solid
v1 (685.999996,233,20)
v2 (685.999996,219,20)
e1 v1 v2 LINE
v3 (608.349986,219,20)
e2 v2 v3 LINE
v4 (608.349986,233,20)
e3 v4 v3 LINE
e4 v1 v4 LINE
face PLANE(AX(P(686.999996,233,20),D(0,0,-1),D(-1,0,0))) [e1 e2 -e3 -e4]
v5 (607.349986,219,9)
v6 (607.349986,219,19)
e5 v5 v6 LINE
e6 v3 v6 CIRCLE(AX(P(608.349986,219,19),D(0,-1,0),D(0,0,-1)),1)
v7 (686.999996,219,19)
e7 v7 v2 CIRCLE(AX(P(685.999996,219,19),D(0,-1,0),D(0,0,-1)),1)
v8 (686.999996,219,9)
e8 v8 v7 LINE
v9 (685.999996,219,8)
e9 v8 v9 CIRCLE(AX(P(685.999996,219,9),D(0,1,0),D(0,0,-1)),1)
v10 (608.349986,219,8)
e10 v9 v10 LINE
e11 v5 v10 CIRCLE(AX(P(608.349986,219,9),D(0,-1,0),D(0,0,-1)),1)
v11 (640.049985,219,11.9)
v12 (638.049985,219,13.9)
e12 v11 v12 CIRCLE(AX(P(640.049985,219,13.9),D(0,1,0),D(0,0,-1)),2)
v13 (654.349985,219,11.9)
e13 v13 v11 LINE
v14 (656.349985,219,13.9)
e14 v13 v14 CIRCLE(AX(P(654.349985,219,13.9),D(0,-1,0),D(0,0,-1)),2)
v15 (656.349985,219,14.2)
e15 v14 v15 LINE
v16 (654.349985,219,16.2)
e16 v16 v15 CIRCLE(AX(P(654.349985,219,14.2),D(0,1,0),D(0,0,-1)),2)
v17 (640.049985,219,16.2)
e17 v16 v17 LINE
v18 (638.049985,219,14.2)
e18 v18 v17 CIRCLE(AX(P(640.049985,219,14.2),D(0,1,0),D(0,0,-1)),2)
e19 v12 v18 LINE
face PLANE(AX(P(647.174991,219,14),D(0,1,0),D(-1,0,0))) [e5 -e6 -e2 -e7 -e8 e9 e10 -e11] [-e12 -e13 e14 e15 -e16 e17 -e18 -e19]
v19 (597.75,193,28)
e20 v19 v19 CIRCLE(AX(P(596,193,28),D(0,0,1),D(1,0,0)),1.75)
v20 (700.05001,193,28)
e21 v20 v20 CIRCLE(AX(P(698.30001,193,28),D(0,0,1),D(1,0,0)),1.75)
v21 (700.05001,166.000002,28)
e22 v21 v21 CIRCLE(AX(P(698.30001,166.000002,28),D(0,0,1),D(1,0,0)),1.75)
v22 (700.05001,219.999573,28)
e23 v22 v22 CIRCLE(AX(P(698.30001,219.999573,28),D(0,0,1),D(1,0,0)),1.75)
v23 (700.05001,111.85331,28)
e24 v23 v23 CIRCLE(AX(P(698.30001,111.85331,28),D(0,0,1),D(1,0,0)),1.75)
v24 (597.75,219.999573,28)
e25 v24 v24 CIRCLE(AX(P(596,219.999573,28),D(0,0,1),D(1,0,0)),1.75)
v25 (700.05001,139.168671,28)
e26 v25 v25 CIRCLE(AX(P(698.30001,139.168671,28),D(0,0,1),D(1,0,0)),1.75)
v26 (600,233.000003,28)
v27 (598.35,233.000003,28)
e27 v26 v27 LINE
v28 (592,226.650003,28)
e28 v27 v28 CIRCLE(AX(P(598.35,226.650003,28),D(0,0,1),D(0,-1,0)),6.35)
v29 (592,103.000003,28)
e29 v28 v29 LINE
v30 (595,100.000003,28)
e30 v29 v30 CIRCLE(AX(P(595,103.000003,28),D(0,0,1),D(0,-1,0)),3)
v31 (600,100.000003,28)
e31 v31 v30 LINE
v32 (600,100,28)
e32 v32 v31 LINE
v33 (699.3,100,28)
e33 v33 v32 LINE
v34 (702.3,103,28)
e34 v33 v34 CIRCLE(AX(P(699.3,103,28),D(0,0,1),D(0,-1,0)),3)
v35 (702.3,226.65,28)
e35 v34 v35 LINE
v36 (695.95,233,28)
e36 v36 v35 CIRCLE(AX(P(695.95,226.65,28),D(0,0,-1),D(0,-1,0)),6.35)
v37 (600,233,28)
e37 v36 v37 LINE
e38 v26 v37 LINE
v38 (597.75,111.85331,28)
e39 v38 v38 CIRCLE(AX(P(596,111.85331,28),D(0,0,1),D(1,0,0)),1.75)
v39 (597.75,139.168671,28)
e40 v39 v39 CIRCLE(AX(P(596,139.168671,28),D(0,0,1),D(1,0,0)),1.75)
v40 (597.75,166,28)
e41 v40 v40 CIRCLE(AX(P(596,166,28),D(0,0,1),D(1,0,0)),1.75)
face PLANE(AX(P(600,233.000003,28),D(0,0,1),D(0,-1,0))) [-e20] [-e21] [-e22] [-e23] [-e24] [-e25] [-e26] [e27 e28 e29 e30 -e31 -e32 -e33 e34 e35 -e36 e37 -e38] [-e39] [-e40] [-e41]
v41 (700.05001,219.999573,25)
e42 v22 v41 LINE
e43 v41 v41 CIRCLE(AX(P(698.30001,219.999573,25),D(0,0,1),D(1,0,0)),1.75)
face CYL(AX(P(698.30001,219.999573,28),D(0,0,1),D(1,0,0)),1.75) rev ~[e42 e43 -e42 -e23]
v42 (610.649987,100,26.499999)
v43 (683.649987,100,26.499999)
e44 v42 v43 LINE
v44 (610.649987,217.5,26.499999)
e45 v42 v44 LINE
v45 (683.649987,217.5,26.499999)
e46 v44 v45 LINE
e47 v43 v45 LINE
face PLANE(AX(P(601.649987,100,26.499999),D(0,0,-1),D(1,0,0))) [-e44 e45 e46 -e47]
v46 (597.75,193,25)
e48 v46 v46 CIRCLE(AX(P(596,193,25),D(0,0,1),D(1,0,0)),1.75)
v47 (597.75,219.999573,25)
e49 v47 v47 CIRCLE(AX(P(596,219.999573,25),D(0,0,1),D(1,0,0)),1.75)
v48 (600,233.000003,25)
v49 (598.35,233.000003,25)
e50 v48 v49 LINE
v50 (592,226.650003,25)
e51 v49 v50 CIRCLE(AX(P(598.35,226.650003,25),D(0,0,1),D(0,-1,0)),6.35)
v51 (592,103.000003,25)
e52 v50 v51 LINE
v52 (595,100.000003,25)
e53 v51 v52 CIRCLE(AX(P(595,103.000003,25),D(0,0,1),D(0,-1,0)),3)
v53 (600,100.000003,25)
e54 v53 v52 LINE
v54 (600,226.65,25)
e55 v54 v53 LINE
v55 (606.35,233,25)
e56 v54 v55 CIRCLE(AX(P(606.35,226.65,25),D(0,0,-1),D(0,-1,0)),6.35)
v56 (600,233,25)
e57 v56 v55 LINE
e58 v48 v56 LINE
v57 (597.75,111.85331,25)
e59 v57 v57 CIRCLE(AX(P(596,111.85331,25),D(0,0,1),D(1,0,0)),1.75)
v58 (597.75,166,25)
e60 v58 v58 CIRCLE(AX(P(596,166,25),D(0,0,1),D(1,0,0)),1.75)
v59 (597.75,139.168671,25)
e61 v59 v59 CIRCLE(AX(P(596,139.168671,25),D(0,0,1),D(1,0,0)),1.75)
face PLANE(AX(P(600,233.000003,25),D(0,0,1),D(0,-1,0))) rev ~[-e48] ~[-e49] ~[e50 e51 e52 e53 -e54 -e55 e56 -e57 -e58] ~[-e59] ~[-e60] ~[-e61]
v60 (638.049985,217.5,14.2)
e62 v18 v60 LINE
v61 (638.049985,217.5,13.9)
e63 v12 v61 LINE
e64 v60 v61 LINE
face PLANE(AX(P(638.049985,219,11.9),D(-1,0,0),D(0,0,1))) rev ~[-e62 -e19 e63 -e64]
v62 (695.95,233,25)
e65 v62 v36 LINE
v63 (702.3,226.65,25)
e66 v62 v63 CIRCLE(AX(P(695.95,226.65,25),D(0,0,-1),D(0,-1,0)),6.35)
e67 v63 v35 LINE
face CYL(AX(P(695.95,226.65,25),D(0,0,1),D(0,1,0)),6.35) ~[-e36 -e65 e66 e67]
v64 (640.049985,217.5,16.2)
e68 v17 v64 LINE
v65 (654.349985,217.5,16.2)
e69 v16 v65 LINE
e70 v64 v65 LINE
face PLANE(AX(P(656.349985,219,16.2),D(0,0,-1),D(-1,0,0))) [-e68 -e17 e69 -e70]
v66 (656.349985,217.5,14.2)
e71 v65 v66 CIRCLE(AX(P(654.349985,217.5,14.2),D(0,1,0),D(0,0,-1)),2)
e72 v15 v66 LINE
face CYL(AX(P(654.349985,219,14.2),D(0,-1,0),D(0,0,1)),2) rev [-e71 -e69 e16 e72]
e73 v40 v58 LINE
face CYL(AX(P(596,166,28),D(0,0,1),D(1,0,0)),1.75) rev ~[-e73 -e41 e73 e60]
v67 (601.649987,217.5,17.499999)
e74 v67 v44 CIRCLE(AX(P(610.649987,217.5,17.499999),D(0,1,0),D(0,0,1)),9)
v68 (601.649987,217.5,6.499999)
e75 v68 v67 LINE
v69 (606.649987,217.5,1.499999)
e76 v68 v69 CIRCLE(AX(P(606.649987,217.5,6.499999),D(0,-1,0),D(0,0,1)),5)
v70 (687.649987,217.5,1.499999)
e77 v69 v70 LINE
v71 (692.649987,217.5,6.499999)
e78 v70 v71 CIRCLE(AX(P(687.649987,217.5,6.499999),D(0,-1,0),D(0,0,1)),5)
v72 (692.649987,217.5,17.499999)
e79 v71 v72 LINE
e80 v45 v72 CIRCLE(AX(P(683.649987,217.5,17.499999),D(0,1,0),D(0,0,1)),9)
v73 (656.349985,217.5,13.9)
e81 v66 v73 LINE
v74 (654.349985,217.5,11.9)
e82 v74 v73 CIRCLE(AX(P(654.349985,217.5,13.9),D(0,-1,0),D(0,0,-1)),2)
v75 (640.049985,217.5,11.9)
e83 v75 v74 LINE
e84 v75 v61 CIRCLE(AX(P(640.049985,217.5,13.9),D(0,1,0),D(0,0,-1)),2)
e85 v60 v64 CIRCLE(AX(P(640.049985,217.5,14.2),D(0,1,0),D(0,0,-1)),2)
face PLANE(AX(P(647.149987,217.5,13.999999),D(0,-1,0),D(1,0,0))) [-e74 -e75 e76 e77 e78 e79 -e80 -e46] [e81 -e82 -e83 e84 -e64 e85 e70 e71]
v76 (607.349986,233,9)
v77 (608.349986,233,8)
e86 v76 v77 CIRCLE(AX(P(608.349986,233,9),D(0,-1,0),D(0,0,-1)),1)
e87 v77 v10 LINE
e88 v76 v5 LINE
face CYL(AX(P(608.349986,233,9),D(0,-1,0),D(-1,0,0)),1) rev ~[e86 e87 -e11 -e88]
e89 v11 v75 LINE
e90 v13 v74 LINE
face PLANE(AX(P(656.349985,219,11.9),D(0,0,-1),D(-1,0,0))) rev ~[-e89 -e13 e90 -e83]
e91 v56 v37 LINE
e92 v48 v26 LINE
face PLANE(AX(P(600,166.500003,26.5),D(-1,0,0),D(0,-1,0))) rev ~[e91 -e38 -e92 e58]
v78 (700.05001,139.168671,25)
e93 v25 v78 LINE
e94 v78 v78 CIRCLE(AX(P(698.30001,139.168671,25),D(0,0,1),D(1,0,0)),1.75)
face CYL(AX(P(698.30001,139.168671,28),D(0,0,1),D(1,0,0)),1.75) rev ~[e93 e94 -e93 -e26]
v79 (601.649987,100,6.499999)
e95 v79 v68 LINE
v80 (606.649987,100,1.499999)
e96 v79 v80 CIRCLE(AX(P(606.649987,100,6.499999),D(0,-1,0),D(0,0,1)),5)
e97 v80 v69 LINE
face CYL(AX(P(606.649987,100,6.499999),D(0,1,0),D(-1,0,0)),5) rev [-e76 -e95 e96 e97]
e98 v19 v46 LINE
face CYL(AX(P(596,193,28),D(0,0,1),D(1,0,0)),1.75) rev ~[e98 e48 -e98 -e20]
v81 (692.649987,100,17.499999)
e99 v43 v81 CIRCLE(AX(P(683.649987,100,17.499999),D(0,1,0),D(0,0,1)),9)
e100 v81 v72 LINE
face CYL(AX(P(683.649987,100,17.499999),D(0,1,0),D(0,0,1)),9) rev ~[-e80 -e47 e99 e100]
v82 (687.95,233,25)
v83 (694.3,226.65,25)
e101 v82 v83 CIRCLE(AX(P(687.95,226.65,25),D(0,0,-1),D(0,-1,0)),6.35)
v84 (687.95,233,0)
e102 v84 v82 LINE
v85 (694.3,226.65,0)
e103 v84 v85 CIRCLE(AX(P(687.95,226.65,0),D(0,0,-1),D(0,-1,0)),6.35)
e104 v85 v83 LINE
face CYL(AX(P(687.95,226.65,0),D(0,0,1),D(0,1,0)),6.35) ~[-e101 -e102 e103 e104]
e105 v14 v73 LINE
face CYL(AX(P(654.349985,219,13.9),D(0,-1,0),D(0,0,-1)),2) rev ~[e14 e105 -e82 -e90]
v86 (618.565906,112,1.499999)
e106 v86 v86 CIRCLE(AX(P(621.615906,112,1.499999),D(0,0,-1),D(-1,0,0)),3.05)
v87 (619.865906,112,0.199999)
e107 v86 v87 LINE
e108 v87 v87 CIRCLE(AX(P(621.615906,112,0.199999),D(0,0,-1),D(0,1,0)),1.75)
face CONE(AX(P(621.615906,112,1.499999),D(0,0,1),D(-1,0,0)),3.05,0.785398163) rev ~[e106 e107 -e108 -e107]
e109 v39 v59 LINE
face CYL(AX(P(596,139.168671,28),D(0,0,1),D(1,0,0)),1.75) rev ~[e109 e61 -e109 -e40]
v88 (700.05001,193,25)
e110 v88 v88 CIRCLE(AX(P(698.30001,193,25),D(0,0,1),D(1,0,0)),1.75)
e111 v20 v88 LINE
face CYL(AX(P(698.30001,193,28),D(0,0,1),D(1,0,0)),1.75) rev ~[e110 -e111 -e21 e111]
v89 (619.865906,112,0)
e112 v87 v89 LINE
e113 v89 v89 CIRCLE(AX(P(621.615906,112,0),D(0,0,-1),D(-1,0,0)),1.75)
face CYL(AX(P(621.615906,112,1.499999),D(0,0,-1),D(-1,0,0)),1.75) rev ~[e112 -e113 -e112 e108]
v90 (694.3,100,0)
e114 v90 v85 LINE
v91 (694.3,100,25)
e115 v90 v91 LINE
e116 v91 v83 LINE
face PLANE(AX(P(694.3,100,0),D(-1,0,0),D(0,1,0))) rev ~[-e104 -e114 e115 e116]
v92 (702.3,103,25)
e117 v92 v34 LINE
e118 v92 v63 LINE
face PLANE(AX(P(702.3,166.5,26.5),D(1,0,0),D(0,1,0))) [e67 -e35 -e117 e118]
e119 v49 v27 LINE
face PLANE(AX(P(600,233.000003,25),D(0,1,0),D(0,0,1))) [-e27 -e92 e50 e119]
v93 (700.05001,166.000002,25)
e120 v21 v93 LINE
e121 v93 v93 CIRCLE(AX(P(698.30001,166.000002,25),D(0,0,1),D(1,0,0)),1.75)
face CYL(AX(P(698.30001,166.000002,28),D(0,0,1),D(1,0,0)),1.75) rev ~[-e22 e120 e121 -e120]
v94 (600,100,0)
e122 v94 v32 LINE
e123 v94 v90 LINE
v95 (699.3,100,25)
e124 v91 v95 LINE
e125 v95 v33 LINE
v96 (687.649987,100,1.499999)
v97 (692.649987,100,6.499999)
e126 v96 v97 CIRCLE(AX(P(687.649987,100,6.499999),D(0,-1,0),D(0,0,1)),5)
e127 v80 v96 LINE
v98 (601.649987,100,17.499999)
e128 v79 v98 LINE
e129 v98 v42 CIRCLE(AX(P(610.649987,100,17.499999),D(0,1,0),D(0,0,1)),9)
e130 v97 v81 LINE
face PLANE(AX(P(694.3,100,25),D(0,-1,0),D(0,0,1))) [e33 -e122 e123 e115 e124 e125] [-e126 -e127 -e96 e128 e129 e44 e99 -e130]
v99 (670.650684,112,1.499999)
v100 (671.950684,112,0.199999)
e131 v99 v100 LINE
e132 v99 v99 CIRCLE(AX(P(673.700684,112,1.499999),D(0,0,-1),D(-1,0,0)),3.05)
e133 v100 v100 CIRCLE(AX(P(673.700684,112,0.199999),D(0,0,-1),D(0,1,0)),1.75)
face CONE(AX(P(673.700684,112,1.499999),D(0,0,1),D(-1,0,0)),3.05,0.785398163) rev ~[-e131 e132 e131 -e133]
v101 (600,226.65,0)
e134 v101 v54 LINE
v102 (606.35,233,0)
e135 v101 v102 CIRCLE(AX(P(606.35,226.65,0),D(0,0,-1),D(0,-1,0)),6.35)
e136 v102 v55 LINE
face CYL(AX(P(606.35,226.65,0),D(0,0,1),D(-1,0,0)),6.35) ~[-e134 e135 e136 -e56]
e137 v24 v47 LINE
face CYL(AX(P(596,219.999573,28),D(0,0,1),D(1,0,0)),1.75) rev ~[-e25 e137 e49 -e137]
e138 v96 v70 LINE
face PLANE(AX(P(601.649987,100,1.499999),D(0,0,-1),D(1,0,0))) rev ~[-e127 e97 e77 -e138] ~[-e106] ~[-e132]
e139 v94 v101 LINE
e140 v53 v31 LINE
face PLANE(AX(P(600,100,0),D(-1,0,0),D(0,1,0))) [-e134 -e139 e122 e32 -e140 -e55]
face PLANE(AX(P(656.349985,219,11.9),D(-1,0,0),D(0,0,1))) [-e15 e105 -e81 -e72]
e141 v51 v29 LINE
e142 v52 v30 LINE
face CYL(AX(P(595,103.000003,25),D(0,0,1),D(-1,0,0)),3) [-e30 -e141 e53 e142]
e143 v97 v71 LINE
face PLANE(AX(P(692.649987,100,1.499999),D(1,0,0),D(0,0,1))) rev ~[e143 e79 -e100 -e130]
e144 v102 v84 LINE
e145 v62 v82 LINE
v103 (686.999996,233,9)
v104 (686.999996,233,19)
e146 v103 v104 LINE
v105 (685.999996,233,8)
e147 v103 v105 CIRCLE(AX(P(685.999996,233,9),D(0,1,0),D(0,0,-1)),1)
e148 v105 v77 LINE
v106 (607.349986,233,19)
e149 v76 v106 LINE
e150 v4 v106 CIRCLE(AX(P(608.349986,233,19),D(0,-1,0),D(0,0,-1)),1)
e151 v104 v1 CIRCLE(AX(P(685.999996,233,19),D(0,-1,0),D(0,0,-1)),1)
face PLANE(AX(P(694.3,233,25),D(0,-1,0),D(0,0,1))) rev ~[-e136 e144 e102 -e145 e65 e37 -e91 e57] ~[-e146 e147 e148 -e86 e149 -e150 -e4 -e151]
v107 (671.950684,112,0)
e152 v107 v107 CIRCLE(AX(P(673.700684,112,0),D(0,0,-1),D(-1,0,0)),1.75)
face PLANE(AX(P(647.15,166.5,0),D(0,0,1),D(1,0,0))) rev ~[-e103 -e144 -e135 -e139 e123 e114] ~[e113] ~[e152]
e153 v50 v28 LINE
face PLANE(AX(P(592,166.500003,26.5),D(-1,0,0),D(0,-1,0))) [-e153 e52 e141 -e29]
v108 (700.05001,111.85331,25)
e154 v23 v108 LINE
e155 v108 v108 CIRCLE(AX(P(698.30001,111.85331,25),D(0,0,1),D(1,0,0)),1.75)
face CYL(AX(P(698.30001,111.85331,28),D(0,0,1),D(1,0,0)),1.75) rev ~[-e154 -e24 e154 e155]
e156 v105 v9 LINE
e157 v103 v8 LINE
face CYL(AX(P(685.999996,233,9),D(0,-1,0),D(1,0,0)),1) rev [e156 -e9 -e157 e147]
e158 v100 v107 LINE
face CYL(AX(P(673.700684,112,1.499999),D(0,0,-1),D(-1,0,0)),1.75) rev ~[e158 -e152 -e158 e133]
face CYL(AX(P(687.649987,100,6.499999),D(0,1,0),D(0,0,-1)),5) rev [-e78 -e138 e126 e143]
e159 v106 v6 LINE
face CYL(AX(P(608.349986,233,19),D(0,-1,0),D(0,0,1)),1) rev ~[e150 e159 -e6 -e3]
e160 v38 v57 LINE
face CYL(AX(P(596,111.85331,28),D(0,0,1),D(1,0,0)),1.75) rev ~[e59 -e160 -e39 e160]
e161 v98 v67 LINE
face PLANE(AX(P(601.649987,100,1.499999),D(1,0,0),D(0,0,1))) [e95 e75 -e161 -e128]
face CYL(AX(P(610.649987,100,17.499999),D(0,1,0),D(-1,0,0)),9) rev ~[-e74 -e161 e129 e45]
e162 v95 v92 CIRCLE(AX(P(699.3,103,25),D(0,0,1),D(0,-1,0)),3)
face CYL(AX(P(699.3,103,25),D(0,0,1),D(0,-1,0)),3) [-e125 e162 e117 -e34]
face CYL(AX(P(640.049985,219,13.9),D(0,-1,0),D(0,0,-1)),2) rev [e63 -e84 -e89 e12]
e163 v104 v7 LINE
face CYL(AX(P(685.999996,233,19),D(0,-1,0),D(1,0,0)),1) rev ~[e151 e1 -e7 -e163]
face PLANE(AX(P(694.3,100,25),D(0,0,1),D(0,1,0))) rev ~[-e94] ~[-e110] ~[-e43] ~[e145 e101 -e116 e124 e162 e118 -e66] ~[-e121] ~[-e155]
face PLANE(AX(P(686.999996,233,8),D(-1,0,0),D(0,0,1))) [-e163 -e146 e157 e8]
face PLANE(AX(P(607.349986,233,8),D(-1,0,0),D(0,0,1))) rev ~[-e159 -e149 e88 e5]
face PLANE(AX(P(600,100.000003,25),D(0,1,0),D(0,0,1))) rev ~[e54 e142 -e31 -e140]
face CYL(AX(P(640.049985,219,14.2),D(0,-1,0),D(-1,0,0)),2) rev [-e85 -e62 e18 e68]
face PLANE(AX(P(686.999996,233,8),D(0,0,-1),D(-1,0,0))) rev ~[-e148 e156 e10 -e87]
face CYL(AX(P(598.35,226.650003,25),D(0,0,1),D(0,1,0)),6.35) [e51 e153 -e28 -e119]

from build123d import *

# Parameters (mm, degrees)
SKETCH154_W      = 94.3
SKETCH154_H      = 133
PAD011_DEPTH     = 28
SKETCH155_W      = 91
SKETCH155_H      = 25
POCKET032_DEPTH  = 117.5
FILLET010_R      = 9
FILLET011_R      = 5
SKETCH157_W      = 133
SKETCH157_H      = 3
PAD012_DEPTH     = 8
SKETCH158_W      = 133
SKETCH158_H      = 3
PAD013_DEPTH     = 8
FILLET012_R      = 6.35
SKETCH159_W      = 79.65001
SKETCH159_H      = 12
POCKET033_DEPTH  = 14
SKETCH160_W      = 18.3
SKETCH160_H      = 4.3
POCKET034_DEPTH  = 2
FILLET013_R      = 2
SKETCH164_R      = 1.75
POCKET037_DEPTH  = 3
FILLET017_R      = 3
FILLET018_R      = 1
HOLE_D           = 3.5
HOLE_DEPTH       = 25
HOLE_CSINK_D     = 6.1
HOLE_CSINK_ANGLE = 90


with BuildPart() as part:
    # Sketch154 → Pad011 (new body)
    with BuildSketch(Plane.XY):
        with Locations((647.15, 166.5)):
            Rectangle(SKETCH154_W, SKETCH154_H)
    extrude(amount=PAD011_DEPTH)

    # Sketch155 (on Face1 of Pad011) → Pocket032 (cut)
    with BuildSketch(Plane.XZ.offset(-100)):
        with Locations((647.149987, 13.999999)):
            Rectangle(SKETCH155_W, SKETCH155_H)
    extrude(amount=-POCKET032_DEPTH, mode=Mode.SUBTRACT)

    # Fillet010
    fillet010_edges = [part.edges().sort_by_distance(p)[0] for p in [
        (692.649987, 158.75, 26.499999),
        (601.649987, 158.75, 26.499999),
    ]]
    fillet(fillet010_edges, radius=FILLET010_R)

    # Fillet011
    fillet011_edges = [part.edges().sort_by_distance(p)[0] for p in [
        (601.649987, 158.75, 1.499999),
        (692.649987, 158.75, 1.499999),
    ]]
    fillet(fillet011_edges, radius=FILLET011_R)

    # Sketch157 (on Face13 of Fillet011) → Pad012 (join)
    with BuildSketch(Plane.YZ.offset(694.3)):
        with Locations((166.5, 26.5)):
            Rectangle(SKETCH157_W, SKETCH157_H)
    extrude(amount=PAD012_DEPTH)

    # Sketch158 (on Face10 of Pad012) → Pad013 (join)
    with BuildSketch(Plane(origin=(600, 0, 0), x_dir=(0, -1, 0), z_dir=(-1, 0, 0))):
        with Locations((-166.500003, 26.5)):
            Rectangle(SKETCH158_W, SKETCH158_H)
    extrude(amount=PAD013_DEPTH)

    # Fillet012
    fillet012_edges = [part.edges().sort_by_distance(p)[0] for p in [
        (600, 233, 12.5),
        (694.3, 233, 12.5),
        (702.3, 233, 26.5),
        (592, 233.000003, 26.5),
    ]]
    fillet(fillet012_edges, radius=FILLET012_R)

    # Sketch159 (on Face10 of Fillet012) → Pocket033 (cut)
    with BuildSketch(Plane(origin=(0, 233, 0), x_dir=(-1, 0, 0), z_dir=(0, 1, 0))):
        with Locations((-647.174991, 14)):
            Rectangle(SKETCH159_W, SKETCH159_H)
    extrude(amount=-POCKET033_DEPTH, mode=Mode.SUBTRACT)

    # Sketch160 (on Face35 of Pocket033) → Pocket034 (cut)
    with BuildSketch(Plane(origin=(0, 219, 0), x_dir=(-1, 0, 0), z_dir=(0, 1, 0))):
        with Locations((-647.199985, 14.05)):
            Rectangle(SKETCH160_W, SKETCH160_H)
    extrude(amount=-POCKET034_DEPTH, mode=Mode.SUBTRACT)

    # Fillet013
    fillet013_edges = [part.edges().sort_by_distance(p)[0] for p in [
        (638.049985, 218.25, 11.9),
        (638.049985, 218.25, 16.2),
        (656.349985, 218.25, 16.2),
        (656.349985, 218.25, 11.9),
    ]]
    fillet(fillet013_edges, radius=FILLET013_R)

    # Sketch164 (on Face26 of Fillet013) → Pocket037 (cut)
    with BuildSketch(Plane.XY.offset(28)):
        with Locations((698.30001, 111.85331)):
            Circle(SKETCH164_R)
        with Locations((596, 111.85331)):
            Circle(SKETCH164_R)
        with Locations((596, 139.168671)):
            Circle(SKETCH164_R)
        with Locations((698.30001, 139.168671)):
            Circle(SKETCH164_R)
        with Locations((698.30001, 166.000002)):
            Circle(SKETCH164_R)
        with Locations((698.30001, 193)):
            Circle(SKETCH164_R)
        with Locations((698.30001, 219.999573)):
            Circle(SKETCH164_R)
        with Locations((596, 219.999573)):
            Circle(SKETCH164_R)
        with Locations((596, 193)):
            Circle(SKETCH164_R)
        with Locations((596, 166)):
            Circle(SKETCH164_R)
    extrude(amount=-POCKET037_DEPTH, mode=Mode.SUBTRACT)

    # Fillet017
    fillet017_edges = [part.edges().sort_by_distance(p)[0] for p in [
        (592, 100.000003, 26.5),
        (702.3, 100, 26.5),
    ]]
    fillet(fillet017_edges, radius=FILLET017_R)

    # Fillet018
    fillet018_edges = [part.edges().sort_by_distance(p)[0] for p in [
        (607.349986, 226, 20),
        (607.349986, 226, 8),
        (686.999996, 226, 8),
        (686.999996, 226, 20),
    ]]
    fillet(fillet018_edges, radius=FILLET018_R)

    # Hole
    with Locations(Plane.XY.offset(1.499999)):
        with Locations((621.615906, 112), (673.700684, 112)):
            CounterSinkHole(HOLE_D / 2, HOLE_CSINK_D / 2, depth=HOLE_DEPTH, counter_sink_angle=HOLE_CSINK_ANGLE)


solid = part.part
